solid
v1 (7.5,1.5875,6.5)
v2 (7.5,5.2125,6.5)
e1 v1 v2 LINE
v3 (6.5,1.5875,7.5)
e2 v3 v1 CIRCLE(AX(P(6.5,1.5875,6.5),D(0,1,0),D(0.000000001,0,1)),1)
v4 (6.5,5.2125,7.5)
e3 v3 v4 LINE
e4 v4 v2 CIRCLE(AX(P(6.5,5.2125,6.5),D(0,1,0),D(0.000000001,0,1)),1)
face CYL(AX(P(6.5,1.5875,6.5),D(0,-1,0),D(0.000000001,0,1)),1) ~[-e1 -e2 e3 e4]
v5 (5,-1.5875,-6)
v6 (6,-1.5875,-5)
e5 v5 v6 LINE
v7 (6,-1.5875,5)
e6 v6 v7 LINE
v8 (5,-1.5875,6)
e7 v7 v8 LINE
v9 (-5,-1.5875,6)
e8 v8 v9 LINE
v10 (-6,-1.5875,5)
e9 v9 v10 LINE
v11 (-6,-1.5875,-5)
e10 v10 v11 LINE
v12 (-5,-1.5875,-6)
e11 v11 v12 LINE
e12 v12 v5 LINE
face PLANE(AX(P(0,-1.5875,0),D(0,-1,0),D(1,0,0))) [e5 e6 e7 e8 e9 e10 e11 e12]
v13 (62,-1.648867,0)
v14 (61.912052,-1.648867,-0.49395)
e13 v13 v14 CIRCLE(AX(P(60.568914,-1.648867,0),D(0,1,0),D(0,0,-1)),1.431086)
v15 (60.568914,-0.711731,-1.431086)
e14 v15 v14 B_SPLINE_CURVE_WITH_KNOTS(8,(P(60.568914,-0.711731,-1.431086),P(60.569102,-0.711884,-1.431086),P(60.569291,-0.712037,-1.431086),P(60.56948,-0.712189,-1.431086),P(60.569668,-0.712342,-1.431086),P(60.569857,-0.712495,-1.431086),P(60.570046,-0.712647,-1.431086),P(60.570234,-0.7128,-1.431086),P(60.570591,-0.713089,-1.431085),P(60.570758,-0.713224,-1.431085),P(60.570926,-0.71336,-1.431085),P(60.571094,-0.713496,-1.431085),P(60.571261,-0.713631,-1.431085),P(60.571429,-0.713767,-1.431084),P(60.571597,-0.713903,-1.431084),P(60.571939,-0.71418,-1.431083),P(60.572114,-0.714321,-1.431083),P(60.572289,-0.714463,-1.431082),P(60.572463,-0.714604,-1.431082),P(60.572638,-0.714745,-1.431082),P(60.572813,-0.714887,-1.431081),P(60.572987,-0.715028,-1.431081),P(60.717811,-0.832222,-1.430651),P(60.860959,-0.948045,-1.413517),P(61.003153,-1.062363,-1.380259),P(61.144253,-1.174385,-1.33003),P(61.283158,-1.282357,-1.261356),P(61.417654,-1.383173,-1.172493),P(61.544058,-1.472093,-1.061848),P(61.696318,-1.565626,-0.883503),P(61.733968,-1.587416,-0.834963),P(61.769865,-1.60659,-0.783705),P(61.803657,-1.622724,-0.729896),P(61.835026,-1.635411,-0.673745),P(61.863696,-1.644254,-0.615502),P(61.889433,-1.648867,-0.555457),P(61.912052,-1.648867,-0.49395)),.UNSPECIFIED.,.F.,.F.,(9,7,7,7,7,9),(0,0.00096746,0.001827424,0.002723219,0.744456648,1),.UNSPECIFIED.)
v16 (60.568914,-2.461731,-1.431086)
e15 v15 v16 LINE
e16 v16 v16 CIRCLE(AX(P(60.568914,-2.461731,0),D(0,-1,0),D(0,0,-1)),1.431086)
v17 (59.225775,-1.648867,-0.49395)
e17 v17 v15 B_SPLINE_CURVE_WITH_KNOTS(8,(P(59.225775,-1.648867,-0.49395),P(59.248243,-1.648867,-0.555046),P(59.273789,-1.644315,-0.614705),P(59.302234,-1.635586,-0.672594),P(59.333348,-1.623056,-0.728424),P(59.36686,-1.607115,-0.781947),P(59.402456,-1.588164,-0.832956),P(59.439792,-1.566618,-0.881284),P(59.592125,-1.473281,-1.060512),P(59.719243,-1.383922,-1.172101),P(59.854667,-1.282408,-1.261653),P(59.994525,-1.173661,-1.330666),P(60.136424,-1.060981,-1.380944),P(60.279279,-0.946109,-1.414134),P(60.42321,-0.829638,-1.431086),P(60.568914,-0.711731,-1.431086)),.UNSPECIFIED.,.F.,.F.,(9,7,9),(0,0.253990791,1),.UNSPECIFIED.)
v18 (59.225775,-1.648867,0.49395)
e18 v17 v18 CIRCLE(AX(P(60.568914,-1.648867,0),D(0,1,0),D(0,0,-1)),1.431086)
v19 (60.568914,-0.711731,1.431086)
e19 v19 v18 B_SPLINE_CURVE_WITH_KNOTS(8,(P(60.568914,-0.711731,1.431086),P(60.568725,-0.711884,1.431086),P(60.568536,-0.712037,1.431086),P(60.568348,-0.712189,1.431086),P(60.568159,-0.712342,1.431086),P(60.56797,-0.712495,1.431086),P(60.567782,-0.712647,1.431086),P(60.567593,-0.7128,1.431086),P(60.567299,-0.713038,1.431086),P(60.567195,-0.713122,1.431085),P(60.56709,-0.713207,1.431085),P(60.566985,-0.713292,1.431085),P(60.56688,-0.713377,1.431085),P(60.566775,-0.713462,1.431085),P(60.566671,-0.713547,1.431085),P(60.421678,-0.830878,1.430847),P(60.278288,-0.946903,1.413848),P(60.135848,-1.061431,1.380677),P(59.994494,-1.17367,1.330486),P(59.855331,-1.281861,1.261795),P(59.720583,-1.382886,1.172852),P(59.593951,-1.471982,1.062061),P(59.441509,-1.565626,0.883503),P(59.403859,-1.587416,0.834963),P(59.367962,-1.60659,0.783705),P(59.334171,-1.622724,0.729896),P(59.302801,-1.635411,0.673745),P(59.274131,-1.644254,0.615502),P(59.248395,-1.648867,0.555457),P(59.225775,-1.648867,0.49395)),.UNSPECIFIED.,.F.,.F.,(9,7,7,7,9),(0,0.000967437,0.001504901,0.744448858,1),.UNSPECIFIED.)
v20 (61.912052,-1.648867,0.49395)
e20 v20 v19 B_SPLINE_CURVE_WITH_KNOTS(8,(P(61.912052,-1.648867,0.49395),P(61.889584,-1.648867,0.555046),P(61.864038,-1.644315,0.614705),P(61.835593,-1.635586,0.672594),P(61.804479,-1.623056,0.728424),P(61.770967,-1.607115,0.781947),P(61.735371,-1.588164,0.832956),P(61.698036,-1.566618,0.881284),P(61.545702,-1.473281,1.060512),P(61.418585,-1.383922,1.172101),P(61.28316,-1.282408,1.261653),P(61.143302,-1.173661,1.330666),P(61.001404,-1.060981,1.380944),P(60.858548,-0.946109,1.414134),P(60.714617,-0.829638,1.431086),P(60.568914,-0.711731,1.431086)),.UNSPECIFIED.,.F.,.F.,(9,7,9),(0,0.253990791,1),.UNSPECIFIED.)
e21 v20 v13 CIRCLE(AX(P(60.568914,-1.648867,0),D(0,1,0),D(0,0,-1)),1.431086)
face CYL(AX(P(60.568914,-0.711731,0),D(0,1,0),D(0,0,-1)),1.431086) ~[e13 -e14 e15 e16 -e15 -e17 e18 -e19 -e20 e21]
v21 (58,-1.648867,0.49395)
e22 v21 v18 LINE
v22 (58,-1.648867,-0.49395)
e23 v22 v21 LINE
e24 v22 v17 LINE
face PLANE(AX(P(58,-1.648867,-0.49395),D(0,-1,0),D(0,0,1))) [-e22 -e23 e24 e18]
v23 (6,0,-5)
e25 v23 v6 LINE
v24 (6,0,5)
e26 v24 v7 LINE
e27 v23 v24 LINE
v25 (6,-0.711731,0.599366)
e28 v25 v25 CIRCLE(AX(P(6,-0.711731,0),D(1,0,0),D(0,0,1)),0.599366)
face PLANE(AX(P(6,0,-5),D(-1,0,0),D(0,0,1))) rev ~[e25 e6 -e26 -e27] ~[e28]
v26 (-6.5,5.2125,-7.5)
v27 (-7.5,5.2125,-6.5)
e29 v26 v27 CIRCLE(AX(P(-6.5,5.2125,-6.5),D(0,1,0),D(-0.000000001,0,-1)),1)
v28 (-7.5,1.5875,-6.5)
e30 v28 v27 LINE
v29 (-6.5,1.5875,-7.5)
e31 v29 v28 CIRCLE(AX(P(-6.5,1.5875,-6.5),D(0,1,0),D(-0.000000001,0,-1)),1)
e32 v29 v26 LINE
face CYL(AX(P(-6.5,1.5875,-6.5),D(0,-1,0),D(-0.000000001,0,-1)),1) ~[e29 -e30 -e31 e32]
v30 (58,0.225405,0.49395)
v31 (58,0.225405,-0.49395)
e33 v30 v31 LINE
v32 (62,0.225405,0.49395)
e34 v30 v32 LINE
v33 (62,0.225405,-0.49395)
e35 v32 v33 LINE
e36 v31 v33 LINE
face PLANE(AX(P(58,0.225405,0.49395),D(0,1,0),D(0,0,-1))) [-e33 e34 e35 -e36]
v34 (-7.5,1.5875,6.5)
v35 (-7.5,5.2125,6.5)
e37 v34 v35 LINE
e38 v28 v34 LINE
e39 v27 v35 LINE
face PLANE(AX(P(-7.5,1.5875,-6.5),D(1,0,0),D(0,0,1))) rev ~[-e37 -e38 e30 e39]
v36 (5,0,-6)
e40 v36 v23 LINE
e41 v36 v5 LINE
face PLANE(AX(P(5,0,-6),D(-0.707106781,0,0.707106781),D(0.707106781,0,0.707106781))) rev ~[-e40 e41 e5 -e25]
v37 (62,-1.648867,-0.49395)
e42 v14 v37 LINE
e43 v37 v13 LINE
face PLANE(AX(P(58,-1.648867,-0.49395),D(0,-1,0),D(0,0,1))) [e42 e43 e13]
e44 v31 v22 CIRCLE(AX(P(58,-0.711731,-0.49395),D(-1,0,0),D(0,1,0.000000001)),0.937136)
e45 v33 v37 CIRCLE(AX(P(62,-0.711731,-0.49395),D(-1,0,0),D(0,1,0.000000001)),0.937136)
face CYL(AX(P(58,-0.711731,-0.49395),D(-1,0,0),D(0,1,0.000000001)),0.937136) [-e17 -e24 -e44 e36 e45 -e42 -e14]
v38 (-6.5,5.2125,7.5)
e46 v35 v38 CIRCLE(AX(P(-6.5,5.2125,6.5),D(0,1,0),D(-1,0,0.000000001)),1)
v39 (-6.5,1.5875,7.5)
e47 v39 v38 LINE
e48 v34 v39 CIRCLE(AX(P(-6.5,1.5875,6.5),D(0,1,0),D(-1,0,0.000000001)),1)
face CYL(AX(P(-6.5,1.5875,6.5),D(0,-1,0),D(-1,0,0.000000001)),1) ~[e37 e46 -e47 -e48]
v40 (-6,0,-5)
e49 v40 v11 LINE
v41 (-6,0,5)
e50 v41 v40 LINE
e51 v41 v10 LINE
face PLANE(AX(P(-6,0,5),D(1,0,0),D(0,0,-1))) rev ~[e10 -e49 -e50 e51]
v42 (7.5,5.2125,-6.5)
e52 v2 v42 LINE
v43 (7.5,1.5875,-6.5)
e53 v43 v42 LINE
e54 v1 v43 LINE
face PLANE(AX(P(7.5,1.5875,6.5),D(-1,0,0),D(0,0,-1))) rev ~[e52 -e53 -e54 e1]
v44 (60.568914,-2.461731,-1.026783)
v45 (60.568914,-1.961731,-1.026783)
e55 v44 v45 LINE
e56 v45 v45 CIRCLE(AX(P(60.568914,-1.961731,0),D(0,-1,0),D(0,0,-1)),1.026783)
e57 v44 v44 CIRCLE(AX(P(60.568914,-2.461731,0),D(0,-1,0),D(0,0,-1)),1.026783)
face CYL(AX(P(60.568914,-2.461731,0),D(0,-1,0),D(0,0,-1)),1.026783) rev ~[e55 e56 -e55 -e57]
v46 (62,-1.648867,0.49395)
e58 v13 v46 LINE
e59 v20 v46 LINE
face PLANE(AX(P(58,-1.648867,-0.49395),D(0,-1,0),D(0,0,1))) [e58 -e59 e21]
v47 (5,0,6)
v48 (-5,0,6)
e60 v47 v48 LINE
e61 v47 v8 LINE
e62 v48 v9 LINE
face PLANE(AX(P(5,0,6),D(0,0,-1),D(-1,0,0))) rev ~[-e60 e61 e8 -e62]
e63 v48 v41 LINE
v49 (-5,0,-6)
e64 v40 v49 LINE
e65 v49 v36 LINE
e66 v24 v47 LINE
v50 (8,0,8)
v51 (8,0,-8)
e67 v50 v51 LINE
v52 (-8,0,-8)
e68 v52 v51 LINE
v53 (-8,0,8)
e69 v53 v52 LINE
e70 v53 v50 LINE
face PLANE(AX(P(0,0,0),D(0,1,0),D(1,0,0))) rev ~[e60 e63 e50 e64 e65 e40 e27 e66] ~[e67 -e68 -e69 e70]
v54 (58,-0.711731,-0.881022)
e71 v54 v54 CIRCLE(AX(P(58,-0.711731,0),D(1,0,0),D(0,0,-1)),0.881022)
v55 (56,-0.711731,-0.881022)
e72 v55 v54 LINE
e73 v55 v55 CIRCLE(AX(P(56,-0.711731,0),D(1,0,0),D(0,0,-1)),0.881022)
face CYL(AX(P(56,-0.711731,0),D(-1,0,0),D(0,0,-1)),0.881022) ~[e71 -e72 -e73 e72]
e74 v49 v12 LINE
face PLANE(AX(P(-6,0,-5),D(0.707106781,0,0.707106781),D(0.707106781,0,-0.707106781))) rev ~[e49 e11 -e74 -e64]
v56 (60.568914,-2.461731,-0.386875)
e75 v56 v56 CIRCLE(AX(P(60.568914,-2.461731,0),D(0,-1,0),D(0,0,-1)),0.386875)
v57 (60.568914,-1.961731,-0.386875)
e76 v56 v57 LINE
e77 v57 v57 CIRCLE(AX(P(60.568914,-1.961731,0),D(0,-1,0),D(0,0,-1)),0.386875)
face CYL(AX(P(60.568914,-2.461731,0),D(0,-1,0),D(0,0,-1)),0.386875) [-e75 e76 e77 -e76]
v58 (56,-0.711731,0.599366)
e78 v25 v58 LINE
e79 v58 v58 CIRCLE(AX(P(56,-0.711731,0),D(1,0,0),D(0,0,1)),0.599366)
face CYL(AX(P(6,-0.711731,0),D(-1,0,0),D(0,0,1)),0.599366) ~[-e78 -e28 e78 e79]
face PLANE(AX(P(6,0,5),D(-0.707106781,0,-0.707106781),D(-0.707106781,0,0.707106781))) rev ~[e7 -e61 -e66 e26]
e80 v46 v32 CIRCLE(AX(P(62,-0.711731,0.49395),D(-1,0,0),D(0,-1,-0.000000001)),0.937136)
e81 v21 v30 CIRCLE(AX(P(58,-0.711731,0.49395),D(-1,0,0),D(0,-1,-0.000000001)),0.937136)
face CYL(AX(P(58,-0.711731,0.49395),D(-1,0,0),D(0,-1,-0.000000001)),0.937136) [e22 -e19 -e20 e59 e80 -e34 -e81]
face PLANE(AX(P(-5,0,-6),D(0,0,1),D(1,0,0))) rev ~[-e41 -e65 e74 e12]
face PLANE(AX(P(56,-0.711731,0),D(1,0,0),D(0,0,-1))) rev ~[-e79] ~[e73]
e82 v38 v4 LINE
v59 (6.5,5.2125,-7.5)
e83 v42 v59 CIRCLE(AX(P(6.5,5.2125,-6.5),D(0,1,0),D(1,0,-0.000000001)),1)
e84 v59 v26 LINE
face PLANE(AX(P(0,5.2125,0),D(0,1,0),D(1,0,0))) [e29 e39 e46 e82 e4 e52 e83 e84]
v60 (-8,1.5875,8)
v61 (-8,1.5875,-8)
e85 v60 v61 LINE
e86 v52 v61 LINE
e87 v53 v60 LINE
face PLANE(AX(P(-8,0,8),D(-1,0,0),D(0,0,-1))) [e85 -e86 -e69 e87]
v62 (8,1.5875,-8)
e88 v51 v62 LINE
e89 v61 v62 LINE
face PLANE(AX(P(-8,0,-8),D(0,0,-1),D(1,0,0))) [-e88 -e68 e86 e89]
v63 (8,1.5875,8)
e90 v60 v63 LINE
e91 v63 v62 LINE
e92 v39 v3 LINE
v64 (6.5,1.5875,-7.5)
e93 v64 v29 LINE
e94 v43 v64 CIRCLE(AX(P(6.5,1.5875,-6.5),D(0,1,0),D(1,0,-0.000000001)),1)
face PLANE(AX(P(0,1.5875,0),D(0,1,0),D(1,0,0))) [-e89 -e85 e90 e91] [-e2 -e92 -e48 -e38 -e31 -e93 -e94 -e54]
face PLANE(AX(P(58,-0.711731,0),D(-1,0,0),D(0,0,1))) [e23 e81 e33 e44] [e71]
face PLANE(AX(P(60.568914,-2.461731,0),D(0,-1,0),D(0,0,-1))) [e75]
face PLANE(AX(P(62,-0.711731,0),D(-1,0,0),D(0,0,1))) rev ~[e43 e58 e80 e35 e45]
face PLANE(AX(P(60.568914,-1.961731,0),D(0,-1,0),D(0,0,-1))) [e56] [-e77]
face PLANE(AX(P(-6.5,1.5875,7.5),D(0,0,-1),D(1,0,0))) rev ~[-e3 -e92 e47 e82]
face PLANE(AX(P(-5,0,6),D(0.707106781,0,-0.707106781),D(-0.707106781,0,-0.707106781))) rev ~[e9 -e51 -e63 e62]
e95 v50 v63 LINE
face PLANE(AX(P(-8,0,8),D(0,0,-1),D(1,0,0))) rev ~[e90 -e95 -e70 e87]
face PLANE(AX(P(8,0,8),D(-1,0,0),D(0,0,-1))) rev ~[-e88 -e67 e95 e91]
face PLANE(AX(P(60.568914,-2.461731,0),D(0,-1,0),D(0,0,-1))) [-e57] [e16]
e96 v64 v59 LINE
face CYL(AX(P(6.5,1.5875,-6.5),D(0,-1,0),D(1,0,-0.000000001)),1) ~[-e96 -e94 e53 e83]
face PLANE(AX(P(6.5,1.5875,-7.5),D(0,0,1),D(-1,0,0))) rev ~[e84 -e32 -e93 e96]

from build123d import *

# Parameters (mm, degrees)
SKETCH1_W           = 16
SKETCH1_H           = 16
BOSS_EXTRUDE1_DEPTH = 1.5875
BOSS_EXTRUDE2_DEPTH = 3.625
BOSS_EXTRUDE3_DEPTH = 1.5875
SKETCH5_R           = 0.599365756
BOSS_EXTRUDE6_DEPTH = 50
SKETCH6_R           = 0.881021891
BOSS_EXTRUDE7_DEPTH = 2
BOSS_EXTRUDE8_DEPTH = 4
SKETCH8_R           = 1.431086417
BOSS_EXTRUDE9_DEPTH = 1.75
SKETCH9_R           = 1.026782917
SKETCH9_R_2         = 0.386874667
CUT_EXTRUDE1_DEPTH  = 0.5


with BuildPart() as part:
    # Sketch1 → Boss-Extrude1 (new body)
    with BuildSketch(Plane(origin=(0, 0, 0), x_dir=(1, 0, 0), z_dir=(0, 1, 0))):
        Rectangle(SKETCH1_W, SKETCH1_H)
    extrude(amount=BOSS_EXTRUDE1_DEPTH)

    # Sketch2 → Boss-Extrude2 (add)
    with BuildSketch(Plane(origin=(0, 1.5875, 0), x_dir=(1, 0, 0), z_dir=(0, 1, 0))):
        with BuildLine():
            Line((-6.5, -7.5), (6.5, -7.5))
            ThreePointArc((6.5, -7.5), (7.207106781, -7.207106781), (7.5, -6.5))
            Line((7.5, -6.5), (7.5, 6.5))
            ThreePointArc((7.5, 6.5), (7.207106781, 7.207106781), (6.5, 7.5))
            Line((6.5, 7.5), (-6.5, 7.5))
            ThreePointArc((-6.5, 7.5), (-7.207106781, 7.207106781), (-7.5, 6.5))
            Line((-7.5, 6.5), (-7.5, -6.5))
            ThreePointArc((-7.5, -6.5), (-7.207106781, -7.207106781), (-6.5, -7.5))
        make_face()
    extrude(amount=BOSS_EXTRUDE2_DEPTH)

    # Sketch4 → Boss-Extrude3 (add)
    with BuildSketch(Plane.XZ):
        Polygon((5, 6), (-5, 6), (-6, 5), (-6, -5), (-5, -6), (5, -6), (6, -5), (6, 5), align=None)
    extrude(amount=BOSS_EXTRUDE3_DEPTH)

    # Sketch5 → Boss-Extrude6 (add)
    with BuildSketch(Plane(origin=(6, 0, 0), x_dir=(0, 0, -1), z_dir=(1, 0, 0))):
        with Locations(Location((0, -0.711731406, 0), (0, 0, 180))):
            Circle(SKETCH5_R)
    extrude(amount=BOSS_EXTRUDE6_DEPTH)

    # Sketch6 → Boss-Extrude7 (add)
    with BuildSketch(Plane(origin=(56, 0, 0), x_dir=(0, 0, -1), z_dir=(1, 0, 0))):
        with Locations((0, -0.711731406)):
            Circle(SKETCH6_R)
    extrude(amount=BOSS_EXTRUDE7_DEPTH)

    # Sketch7 → Boss-Extrude8 (add)
    with BuildSketch(Plane(origin=(58, 0, 0), x_dir=(0, 0, -1), z_dir=(1, 0, 0))):
        with BuildLine():
            Line((-0.493950471, 0.22540454), (0.493950471, 0.22540454))
            ThreePointArc((0.493950471, 0.22540454), (1.431086417, -0.711731406), (0.493950471, -1.648867351))
            Line((0.493950471, -1.648867351), (-0.493950471, -1.648867351))
            ThreePointArc((-0.493950471, -1.648867351), (-1.431086417, -0.711731406), (-0.493950471, 0.22540454))
        make_face()
    extrude(amount=BOSS_EXTRUDE8_DEPTH)

    # Sketch8 → Boss-Extrude9 (add)
    with BuildSketch(Plane.XZ.offset(0.711731406)):
        with Locations(Location((60.568913583, 0, 0), (0, 0, 270))):
            Circle(SKETCH8_R)
    extrude(amount=BOSS_EXTRUDE9_DEPTH)

    # Sketch9 → Cut-Extrude1 (cut)
    with BuildSketch(Plane(origin=(0, -2.461731406, 0), x_dir=(-1, 0, 0), z_dir=(0, -1, 0))):
        with Locations(Location((-60.568913583, 0, 0), (0, 0, 90))):
            Circle(SKETCH9_R)
        with Locations(Location((-60.568913583, 0, 0), (0, 0, 90))):
            Circle(SKETCH9_R_2, mode=Mode.SUBTRACT)
    extrude(amount=-CUT_EXTRUDE1_DEPTH, mode=Mode.SUBTRACT)


solid = part.part
